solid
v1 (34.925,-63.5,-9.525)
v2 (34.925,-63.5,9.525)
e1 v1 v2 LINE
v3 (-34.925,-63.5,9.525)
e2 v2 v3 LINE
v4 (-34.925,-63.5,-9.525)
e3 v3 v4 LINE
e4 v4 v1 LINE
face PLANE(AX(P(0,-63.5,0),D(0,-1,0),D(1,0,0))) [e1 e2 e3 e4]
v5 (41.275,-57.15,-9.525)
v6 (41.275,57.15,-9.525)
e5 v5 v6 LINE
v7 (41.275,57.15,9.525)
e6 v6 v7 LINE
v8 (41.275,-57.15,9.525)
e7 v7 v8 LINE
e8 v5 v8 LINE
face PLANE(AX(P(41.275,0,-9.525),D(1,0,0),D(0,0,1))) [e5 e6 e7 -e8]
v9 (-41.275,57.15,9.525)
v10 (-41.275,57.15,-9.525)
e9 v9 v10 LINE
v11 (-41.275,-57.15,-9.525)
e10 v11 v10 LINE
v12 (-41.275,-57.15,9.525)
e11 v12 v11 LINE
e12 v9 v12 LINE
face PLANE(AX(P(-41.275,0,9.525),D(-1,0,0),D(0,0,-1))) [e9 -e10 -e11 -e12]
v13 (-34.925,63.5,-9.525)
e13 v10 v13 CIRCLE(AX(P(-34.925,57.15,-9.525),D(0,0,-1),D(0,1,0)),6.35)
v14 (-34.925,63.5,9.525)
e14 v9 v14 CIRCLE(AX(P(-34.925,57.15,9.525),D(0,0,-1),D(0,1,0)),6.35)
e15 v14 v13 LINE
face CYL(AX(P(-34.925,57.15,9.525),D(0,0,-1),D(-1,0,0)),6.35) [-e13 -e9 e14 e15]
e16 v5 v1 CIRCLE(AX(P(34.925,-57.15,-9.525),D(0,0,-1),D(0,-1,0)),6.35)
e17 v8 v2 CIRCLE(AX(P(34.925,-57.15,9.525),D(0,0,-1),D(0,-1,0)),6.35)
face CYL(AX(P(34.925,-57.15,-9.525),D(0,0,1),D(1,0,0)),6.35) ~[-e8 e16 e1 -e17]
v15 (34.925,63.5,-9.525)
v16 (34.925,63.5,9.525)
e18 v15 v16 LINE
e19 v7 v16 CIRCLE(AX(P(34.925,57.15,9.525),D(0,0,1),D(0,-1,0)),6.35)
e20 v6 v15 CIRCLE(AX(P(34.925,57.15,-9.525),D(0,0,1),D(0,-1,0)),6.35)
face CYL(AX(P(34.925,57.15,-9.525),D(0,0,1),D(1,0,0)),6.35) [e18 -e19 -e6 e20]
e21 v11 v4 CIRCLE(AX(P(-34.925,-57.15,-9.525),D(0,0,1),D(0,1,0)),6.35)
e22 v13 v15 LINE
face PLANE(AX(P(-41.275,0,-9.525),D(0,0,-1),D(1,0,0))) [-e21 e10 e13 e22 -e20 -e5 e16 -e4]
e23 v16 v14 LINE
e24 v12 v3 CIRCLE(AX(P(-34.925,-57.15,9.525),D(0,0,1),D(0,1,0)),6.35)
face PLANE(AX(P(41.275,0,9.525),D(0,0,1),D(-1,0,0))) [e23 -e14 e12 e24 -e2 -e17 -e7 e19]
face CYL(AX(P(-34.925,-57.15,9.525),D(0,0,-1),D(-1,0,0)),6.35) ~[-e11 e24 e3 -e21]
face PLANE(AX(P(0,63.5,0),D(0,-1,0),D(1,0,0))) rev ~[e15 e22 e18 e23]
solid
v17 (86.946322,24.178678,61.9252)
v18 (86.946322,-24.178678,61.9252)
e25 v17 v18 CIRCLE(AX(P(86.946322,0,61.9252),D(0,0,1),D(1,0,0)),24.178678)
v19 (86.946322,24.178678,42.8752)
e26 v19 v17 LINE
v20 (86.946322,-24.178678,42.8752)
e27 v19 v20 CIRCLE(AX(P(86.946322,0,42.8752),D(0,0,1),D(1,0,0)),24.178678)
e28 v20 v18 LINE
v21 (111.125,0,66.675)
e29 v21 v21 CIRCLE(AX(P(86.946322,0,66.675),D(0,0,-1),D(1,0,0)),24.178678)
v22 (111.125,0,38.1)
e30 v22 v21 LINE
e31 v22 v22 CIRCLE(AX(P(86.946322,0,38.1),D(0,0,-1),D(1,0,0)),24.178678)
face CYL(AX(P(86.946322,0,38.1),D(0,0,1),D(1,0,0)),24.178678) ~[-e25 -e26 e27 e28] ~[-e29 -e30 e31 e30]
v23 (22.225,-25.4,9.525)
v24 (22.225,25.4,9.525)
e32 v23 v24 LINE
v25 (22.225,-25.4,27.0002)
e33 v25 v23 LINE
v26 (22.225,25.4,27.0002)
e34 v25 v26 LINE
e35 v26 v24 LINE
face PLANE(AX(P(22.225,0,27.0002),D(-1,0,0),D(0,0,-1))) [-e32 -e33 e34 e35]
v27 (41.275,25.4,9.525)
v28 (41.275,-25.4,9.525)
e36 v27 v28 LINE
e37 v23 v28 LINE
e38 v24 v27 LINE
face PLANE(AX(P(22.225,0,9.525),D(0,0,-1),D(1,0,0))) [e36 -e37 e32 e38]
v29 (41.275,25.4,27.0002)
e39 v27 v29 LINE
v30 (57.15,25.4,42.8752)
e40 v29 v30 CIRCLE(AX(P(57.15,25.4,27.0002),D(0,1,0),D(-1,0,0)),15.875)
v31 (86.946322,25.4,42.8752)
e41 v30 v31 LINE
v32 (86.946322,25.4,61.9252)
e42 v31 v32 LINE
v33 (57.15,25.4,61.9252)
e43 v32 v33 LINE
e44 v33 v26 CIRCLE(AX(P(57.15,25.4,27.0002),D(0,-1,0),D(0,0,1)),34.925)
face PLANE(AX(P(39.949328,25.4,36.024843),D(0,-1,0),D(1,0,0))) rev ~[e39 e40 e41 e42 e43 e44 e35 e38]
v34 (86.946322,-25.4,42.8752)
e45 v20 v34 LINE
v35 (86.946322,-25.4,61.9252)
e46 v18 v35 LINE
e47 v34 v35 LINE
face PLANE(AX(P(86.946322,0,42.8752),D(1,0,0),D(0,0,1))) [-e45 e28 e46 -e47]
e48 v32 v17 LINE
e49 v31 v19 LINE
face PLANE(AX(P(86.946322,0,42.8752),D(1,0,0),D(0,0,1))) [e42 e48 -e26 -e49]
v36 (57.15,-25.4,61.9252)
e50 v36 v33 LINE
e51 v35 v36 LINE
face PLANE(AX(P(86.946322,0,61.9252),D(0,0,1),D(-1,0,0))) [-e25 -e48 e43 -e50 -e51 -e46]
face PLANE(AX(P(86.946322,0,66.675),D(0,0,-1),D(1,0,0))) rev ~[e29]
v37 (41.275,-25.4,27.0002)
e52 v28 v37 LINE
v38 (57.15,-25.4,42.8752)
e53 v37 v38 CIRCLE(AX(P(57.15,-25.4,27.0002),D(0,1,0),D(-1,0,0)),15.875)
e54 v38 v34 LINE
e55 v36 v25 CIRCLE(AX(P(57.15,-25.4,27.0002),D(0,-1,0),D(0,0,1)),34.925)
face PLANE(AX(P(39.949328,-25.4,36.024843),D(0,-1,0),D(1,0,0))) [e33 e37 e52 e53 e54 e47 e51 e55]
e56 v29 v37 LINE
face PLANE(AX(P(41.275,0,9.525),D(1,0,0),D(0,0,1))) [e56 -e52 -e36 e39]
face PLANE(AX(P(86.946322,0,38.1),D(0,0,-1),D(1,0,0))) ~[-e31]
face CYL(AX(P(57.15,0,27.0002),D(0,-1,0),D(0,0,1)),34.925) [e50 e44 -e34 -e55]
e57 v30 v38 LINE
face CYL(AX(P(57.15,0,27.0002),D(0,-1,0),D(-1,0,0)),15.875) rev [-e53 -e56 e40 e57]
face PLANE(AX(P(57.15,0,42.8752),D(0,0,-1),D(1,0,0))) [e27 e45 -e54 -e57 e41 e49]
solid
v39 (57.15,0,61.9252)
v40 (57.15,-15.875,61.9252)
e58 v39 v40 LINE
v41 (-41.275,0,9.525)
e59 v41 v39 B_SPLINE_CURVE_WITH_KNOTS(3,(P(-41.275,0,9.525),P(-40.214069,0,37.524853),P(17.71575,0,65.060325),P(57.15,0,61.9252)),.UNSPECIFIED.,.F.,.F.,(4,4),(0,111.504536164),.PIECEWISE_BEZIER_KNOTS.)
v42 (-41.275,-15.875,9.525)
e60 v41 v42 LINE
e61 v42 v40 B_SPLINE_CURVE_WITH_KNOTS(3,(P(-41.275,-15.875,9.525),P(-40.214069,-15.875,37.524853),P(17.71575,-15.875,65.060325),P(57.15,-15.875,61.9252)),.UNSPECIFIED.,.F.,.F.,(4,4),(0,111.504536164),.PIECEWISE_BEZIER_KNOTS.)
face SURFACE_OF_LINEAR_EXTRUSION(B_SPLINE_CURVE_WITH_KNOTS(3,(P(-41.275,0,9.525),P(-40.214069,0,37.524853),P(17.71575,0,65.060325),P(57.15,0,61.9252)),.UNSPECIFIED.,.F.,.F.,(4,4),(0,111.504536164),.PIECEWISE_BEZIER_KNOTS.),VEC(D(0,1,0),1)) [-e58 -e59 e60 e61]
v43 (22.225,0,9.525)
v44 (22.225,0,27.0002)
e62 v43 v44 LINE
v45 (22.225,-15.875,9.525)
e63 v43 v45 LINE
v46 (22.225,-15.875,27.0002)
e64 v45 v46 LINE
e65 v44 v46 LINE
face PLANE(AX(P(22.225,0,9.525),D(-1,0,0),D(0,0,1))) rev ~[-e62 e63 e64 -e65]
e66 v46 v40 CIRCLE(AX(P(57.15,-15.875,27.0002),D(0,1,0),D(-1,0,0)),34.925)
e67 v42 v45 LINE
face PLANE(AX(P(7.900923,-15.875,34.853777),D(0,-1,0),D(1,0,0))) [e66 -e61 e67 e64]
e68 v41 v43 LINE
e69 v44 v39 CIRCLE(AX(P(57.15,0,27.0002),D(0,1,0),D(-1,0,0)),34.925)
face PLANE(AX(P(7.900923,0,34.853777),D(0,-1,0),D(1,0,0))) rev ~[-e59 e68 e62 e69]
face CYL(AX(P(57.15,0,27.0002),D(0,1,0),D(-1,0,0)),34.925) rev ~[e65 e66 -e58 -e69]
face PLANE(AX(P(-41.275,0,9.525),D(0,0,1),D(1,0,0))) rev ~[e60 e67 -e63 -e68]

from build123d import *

# Parameters (mm, degrees)
F1_DEPTH = 63.5
F0_W     = 26.6213221727
F0_H     = 19.05
F2_DEPTH = 25.4
F3_DEPTH = 15.875
F5_R     = 6.35


with BuildPart() as f1:
    # F0 (on Front) → F1 (new body, symmetric)
    with BuildSketch(Plane.XZ):
        Polygon((41.275, -9.525), (41.275, 9.525), (22.225, 9.525), (-41.275, 9.525), (-41.275, -9.525), align=None)
    extrude(amount=F1_DEPTH, both=True)

    # F5
    f5_edges = [f1.edges().sort_by_distance(p)[0] for p in [
        (41.275, -63.5, 0),
        (-41.275, -63.5, 0),
        (-41.275, 63.5, 0),
        (41.275, 63.5, 0),
    ]]
    fillet(f5_edges, radius=F5_R)


with BuildPart() as f2:
    # F0 (on Front) → F2 (new body, symmetric)
    with BuildSketch(Plane.XZ):
        with BuildLine():
            Line((22.225, 9.525), (41.275, 9.525))
            Line((41.275, 9.525), (41.275, 27.0002))
            ThreePointArc((41.275, 27.0002), (45.9246798487, 38.2255201513), (57.15, 42.8752))
            Line((57.15, 42.8752), (60.325, 42.8752))
            Line((60.325, 42.8752), (60.325, 61.9252))
            Line((60.325, 61.9252), (57.15, 61.9252))
            ThreePointArc((57.15, 61.9252), (32.4542956671, 51.6959043329), (22.225, 27.0002))
            Line((22.225, 27.0002), (22.225, 9.525))
        make_face()
        with Locations((73.6356610864, 52.4002)):
            Rectangle(F0_W, F0_H)
    extrude(amount=F2_DEPTH, both=True)

    # F0 (on Front) → F4 (revolve)
    with BuildSketch(Plane.XZ):
        Polygon((86.9463221727, 61.9252), (86.9463221727, 42.8752), (86.9463221727, 38.1), (111.125, 38.1), (111.125, 66.675), (86.9463221727, 66.675), align=None)
    revolve(axis=Axis((86.9463221727, 0, 52.3875), (0, 0, -1)))


with BuildPart() as f3:
    # F0 (on Front) → F3 (new body)
    with BuildSketch(Plane.XZ):
        with BuildLine():
            Line((-41.275, 9.525), (22.225, 9.525))
            Line((22.225, 9.525), (22.225, 27.0002))
            ThreePointArc((22.225, 27.0002), (32.4542956671, 51.6959043329), (57.15, 61.9252))
            add(Edge.make_bspline(
                [(-41.275, 9.525), (-40.2140691876, 37.5248529017), (17.7157502621, 65.0603249669), (57.15, 61.9252)],
                knots=[0, 0, 0, 0, 111.5045361635, 111.5045361635, 111.5045361635, 111.5045361635], degree=3))
        make_face()
    extrude(amount=F3_DEPTH)


solid = Compound([f1.part, f2.part, f3.part])
